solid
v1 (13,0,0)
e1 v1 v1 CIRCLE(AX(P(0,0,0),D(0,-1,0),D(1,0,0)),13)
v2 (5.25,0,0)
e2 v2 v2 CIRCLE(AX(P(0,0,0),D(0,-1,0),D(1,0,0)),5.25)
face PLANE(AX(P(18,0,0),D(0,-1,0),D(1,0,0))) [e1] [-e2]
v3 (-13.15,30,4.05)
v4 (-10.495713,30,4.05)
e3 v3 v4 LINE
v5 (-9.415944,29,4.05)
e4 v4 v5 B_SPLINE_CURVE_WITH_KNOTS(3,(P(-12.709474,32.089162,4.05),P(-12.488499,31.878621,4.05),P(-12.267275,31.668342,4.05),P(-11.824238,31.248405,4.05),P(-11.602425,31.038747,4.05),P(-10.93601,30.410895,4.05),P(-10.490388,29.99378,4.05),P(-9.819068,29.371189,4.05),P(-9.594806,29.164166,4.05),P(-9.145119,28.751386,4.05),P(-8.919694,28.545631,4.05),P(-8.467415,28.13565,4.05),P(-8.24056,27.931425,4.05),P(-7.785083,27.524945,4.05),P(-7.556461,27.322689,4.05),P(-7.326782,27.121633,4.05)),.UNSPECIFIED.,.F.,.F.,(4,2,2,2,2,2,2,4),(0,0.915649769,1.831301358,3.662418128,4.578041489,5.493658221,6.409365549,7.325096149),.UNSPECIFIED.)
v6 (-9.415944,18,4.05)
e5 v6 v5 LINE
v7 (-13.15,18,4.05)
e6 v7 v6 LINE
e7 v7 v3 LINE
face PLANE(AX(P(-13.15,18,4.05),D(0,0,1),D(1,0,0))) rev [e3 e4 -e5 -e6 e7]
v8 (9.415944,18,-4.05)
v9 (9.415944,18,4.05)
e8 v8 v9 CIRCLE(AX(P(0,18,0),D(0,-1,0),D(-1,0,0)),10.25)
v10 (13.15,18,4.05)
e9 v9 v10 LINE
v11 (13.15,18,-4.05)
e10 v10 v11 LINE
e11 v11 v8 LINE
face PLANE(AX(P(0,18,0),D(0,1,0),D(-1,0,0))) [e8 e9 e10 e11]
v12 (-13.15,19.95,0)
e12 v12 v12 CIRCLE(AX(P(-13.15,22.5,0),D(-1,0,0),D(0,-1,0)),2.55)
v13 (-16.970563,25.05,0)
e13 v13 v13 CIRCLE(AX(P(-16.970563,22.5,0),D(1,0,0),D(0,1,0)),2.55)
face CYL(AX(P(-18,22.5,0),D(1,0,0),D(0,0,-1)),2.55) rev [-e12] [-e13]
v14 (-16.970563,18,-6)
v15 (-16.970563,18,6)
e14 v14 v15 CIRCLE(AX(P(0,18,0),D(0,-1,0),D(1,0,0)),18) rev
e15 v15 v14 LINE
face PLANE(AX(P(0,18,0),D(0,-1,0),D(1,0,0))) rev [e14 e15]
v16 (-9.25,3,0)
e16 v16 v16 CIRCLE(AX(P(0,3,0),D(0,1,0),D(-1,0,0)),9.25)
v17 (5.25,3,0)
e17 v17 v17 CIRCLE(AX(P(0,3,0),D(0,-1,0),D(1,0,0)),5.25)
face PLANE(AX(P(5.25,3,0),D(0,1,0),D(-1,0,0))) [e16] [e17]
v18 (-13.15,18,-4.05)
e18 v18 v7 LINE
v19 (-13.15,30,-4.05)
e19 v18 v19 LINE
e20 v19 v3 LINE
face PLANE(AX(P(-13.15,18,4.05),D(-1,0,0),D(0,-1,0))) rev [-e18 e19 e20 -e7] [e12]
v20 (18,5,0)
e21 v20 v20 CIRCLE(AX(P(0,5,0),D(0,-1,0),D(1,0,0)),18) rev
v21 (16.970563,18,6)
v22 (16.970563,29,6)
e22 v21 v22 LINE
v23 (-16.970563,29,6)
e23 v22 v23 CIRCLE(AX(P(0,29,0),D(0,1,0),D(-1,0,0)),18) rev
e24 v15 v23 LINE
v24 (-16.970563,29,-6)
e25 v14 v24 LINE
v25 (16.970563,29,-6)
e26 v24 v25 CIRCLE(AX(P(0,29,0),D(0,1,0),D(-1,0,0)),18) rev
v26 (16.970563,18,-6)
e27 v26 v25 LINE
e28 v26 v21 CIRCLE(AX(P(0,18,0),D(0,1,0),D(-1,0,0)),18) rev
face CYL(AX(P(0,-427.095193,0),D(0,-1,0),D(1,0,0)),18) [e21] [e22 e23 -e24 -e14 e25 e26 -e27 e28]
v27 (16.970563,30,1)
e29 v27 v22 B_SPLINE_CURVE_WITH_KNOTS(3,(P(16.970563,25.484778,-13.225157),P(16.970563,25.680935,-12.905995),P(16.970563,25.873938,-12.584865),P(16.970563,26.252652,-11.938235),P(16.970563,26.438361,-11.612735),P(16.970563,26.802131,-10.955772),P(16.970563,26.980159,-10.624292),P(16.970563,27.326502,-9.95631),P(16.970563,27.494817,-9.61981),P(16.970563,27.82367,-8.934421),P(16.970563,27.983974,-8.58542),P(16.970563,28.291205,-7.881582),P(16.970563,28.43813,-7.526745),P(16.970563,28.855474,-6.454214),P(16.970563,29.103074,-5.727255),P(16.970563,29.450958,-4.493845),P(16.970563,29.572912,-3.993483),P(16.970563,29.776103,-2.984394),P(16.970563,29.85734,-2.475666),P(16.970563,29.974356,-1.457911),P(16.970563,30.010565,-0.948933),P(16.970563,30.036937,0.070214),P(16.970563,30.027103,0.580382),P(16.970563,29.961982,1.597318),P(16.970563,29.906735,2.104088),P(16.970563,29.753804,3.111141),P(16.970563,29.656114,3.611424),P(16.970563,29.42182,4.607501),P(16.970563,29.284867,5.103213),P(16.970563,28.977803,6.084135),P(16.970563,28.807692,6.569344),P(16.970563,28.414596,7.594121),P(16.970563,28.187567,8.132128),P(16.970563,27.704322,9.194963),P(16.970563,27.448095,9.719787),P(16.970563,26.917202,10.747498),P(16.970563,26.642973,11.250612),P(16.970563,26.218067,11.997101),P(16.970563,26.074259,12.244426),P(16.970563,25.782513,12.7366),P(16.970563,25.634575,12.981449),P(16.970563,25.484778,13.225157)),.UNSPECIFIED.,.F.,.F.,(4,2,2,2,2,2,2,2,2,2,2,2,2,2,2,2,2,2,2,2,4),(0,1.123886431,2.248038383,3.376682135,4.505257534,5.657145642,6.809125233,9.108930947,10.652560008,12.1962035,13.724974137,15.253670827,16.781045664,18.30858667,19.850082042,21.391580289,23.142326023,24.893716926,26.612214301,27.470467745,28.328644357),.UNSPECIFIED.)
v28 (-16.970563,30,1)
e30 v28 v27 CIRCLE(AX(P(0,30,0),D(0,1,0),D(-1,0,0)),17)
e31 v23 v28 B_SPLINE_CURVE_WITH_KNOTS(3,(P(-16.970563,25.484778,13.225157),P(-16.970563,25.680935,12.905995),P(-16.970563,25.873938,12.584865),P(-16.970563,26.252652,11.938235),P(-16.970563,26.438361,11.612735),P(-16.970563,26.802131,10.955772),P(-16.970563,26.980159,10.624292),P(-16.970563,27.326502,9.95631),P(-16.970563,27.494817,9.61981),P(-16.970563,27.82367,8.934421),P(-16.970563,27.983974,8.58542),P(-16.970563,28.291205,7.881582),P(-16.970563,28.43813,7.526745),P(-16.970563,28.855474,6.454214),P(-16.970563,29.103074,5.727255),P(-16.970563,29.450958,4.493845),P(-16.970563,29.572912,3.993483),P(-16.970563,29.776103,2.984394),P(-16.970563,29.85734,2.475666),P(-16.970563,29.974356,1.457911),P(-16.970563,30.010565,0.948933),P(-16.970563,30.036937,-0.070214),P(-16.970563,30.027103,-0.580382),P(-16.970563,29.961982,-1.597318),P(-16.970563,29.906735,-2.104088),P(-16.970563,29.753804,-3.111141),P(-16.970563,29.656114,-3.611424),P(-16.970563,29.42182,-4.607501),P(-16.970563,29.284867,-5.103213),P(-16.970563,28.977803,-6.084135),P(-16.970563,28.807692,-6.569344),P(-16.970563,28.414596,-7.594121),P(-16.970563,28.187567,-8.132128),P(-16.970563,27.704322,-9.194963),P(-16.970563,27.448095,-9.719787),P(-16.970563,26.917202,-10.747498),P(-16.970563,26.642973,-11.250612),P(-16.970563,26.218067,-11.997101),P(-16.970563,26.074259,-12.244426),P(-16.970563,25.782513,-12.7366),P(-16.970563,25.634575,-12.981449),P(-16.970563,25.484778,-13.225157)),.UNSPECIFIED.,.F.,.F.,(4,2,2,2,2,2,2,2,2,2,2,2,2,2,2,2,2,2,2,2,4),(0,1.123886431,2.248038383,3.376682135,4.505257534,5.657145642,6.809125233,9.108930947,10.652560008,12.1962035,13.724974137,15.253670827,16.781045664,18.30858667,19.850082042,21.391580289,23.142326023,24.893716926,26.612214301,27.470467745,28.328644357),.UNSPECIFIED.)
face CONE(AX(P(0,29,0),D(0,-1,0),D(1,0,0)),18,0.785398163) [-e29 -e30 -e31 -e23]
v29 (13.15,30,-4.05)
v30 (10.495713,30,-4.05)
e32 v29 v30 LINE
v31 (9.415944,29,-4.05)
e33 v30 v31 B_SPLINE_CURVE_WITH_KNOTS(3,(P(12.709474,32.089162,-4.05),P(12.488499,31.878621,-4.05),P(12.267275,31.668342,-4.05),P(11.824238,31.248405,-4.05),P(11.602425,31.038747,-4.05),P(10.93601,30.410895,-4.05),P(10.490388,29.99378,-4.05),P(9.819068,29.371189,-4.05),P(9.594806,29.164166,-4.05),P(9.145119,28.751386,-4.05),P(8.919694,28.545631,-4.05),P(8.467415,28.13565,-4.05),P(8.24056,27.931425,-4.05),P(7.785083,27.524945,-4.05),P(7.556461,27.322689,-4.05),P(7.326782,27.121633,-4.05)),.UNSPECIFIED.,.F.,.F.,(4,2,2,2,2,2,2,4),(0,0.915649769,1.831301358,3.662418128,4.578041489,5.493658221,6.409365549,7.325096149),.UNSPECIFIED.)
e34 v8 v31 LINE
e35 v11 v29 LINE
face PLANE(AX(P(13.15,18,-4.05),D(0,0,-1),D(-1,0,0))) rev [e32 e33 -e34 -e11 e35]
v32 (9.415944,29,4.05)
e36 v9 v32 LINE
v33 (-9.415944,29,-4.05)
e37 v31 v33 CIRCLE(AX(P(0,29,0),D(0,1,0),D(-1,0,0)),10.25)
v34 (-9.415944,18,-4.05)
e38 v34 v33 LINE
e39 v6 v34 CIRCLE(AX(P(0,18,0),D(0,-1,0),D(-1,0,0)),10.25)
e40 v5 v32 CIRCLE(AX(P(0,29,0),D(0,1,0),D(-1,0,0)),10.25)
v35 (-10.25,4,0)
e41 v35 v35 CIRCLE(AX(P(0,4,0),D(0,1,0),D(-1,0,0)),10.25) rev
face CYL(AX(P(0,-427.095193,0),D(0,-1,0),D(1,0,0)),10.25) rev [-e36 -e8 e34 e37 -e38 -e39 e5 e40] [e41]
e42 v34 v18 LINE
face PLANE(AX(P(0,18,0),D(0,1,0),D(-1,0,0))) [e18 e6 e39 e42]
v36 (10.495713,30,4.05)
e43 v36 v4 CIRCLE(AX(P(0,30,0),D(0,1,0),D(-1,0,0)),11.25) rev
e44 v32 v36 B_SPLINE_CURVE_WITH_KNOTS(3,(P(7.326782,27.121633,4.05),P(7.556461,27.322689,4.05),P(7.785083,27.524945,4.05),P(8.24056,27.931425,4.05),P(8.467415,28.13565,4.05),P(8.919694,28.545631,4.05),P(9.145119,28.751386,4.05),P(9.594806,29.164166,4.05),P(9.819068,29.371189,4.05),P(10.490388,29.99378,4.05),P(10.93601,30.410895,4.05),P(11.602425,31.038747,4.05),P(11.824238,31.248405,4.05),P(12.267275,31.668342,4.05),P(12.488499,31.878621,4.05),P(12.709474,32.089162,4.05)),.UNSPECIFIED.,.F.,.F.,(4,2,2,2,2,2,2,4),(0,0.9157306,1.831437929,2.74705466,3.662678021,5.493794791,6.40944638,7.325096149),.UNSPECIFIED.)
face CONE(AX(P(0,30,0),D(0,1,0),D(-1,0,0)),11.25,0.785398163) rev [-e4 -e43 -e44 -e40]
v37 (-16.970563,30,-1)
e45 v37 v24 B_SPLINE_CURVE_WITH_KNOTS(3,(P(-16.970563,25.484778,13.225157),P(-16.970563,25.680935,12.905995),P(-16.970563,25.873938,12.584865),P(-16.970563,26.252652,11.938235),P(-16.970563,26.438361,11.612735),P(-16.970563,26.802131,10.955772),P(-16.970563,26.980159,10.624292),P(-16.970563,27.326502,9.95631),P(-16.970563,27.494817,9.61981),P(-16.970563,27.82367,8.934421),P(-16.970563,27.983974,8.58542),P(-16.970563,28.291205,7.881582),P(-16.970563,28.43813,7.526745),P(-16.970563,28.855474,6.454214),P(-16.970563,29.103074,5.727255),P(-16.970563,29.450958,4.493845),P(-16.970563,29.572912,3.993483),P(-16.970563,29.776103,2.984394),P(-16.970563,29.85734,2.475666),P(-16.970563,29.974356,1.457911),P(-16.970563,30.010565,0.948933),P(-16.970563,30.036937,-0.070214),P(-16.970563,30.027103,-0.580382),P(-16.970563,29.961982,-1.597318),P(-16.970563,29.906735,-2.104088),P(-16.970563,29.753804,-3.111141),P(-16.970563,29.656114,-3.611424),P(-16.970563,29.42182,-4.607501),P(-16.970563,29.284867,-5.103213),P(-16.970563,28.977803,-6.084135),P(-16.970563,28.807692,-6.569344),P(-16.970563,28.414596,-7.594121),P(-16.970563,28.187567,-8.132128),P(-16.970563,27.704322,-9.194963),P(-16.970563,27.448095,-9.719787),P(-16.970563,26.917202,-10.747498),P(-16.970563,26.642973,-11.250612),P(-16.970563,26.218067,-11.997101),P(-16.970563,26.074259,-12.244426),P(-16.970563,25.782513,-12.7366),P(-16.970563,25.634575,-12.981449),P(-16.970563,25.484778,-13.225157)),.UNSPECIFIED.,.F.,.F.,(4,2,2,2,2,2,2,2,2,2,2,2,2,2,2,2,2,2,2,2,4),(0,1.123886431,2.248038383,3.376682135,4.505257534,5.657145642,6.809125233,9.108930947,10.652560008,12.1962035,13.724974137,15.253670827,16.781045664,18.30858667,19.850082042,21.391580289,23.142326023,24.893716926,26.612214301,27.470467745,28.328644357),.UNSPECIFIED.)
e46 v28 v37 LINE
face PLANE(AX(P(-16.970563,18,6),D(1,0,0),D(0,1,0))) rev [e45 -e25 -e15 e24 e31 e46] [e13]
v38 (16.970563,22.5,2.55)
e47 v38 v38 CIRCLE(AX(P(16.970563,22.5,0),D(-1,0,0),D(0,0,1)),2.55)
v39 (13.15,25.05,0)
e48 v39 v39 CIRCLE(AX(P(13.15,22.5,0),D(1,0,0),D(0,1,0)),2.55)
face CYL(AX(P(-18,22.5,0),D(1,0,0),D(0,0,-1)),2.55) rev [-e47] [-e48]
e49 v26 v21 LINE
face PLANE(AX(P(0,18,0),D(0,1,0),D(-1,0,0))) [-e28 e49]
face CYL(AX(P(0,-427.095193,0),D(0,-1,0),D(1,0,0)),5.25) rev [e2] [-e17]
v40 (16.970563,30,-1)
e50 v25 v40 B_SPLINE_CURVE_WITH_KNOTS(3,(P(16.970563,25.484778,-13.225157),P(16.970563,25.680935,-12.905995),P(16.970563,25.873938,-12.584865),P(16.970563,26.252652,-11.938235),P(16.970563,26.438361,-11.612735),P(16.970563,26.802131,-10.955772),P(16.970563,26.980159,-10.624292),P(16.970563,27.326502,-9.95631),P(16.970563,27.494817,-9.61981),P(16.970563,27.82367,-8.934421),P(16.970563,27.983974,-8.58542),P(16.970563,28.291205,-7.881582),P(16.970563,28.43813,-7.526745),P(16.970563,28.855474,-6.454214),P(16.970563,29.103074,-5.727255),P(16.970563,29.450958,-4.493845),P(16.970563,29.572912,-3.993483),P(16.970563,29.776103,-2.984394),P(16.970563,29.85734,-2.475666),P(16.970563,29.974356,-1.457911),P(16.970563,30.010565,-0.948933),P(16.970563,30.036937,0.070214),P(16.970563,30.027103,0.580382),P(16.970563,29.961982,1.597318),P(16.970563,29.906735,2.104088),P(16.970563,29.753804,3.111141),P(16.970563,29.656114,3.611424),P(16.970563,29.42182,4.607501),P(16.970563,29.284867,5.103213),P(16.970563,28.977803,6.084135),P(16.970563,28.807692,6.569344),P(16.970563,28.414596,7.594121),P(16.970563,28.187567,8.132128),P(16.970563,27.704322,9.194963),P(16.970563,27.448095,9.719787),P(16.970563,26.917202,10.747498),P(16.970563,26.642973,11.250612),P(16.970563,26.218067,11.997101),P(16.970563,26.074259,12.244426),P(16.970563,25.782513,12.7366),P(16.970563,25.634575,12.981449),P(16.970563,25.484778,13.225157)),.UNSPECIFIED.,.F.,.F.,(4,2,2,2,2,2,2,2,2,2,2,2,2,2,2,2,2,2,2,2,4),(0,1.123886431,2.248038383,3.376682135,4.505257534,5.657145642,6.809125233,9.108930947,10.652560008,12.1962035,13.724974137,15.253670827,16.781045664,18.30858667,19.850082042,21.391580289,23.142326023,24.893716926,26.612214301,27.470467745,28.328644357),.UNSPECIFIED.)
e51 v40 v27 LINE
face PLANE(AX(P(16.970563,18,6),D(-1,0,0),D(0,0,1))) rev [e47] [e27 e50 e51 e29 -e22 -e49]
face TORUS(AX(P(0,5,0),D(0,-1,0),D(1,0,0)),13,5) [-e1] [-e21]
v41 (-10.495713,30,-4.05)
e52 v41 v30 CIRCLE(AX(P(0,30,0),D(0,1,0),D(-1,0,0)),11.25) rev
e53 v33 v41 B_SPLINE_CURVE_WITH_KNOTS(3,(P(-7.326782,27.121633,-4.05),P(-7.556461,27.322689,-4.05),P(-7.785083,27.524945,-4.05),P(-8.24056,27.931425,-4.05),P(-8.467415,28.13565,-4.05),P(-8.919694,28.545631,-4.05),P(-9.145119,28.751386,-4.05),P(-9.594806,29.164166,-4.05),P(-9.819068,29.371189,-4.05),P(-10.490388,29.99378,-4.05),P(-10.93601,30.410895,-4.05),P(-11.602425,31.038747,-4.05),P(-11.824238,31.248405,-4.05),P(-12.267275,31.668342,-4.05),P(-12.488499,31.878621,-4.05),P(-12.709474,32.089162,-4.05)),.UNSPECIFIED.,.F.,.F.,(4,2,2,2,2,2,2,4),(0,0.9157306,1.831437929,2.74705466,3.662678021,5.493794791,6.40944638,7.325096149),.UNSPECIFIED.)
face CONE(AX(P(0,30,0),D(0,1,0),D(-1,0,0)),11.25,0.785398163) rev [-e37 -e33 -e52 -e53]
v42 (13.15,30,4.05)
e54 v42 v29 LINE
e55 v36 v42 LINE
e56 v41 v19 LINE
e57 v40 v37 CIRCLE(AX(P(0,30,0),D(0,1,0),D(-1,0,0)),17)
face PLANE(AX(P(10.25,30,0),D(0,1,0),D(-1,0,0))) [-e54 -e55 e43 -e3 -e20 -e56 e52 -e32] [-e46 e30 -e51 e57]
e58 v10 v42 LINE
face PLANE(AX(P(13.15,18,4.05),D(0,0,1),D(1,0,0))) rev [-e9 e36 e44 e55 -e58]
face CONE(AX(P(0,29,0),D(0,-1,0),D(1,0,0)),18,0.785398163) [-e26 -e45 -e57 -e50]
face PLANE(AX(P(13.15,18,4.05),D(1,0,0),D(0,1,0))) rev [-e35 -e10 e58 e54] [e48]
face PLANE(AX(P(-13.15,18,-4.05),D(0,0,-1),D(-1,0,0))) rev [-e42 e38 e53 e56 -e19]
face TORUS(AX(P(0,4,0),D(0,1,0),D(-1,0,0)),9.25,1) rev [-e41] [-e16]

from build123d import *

# Parameters (mm, degrees)
FILLET1_R               = 1
CHAMFER1_SIZE           = 1
FILLET2_R               = 5
SKETCH3_W               = 2
SKETCH3_H               = 12
CUT_EXTRUDE1_DEPTH      = 12
SKETCH4_R               = 2.55
CUT_EXTRUDE2_DEPTH      = 19
CUT_EXTRUDE2_DEPTH_BACK = 19


with BuildPart() as part:
    # Sketch1 → Revolve1 (revolve)
    with BuildSketch(Plane.XY):
        Polygon((18, 0), (5.25, 0), (5.25, 3), (10.25, 3), (10.25, 30), (18, 30), align=None)
    revolve(axis=Axis((0, -427.095192794, 0), (0, 1, 0)))

    # Fillet1
    fillet1_edges = [part.edges().sort_by_distance(p)[0] for p in [
        (-10.25, 3, 0),
    ]]
    fillet(fillet1_edges, radius=FILLET1_R)

    # Chamfer1
    chamfer1_edges = [part.edges().sort_by_distance(p)[0] for p in [
        (-18, 30, 0),
        (-10.25, 30, 0),
    ]]
    chamfer(chamfer1_edges, length=CHAMFER1_SIZE)

    # Fillet2
    fillet2_edges = [part.edges().sort_by_distance(p)[0] for p in [
        (-18, 0, 0),
    ]]
    fillet(fillet2_edges, radius=FILLET2_R)

    # Sketch3 → Cut-Extrude1 (cut)
    with BuildSketch(Plane(origin=(0, 30, 0), x_dir=(1, 0, 0), z_dir=(0, 1, 0))):
        with BuildLine():
            Line((-13.15, 4.05), (-9.415943925, 4.05))
            ThreePointArc((-9.415943925, 4.05), (-10.25, 0), (-9.415943925, -4.05))
            Line((-9.415943925, -4.05), (-13.15, -4.05))
            Line((-13.15, -4.05), (-13.15, 4.05))
        make_face()
        with BuildLine():
            Line((13.15, -4.05), (13.15, 4.05))
            Line((13.15, 4.05), (9.415943925, 4.05))
            ThreePointArc((9.415943925, 4.05), (10.25, 0), (9.415943925, -4.05))
            Line((9.415943925, -4.05), (13.15, -4.05))
        make_face()
        with Locations((17.970562748, 0)):
            Rectangle(SKETCH3_W, SKETCH3_H)
        with Locations((-17.970562748, 0)):
            Rectangle(SKETCH3_W, SKETCH3_H)
    extrude(amount=-CUT_EXTRUDE1_DEPTH, mode=Mode.SUBTRACT)

    # Sketch4 → Cut-Extrude2 (cut, two sides)
    with BuildSketch(Plane(origin=(0, 0, 0), x_dir=(0, 0, -1), z_dir=(1, 0, 0))) as cut_extrude2_sk:
        with Locations((0, 22.5)):
            Circle(SKETCH4_R)
    extrude(amount=CUT_EXTRUDE2_DEPTH, mode=Mode.SUBTRACT)
    extrude(cut_extrude2_sk.sketch, amount=-CUT_EXTRUDE2_DEPTH_BACK, mode=Mode.SUBTRACT)


solid = part.part
